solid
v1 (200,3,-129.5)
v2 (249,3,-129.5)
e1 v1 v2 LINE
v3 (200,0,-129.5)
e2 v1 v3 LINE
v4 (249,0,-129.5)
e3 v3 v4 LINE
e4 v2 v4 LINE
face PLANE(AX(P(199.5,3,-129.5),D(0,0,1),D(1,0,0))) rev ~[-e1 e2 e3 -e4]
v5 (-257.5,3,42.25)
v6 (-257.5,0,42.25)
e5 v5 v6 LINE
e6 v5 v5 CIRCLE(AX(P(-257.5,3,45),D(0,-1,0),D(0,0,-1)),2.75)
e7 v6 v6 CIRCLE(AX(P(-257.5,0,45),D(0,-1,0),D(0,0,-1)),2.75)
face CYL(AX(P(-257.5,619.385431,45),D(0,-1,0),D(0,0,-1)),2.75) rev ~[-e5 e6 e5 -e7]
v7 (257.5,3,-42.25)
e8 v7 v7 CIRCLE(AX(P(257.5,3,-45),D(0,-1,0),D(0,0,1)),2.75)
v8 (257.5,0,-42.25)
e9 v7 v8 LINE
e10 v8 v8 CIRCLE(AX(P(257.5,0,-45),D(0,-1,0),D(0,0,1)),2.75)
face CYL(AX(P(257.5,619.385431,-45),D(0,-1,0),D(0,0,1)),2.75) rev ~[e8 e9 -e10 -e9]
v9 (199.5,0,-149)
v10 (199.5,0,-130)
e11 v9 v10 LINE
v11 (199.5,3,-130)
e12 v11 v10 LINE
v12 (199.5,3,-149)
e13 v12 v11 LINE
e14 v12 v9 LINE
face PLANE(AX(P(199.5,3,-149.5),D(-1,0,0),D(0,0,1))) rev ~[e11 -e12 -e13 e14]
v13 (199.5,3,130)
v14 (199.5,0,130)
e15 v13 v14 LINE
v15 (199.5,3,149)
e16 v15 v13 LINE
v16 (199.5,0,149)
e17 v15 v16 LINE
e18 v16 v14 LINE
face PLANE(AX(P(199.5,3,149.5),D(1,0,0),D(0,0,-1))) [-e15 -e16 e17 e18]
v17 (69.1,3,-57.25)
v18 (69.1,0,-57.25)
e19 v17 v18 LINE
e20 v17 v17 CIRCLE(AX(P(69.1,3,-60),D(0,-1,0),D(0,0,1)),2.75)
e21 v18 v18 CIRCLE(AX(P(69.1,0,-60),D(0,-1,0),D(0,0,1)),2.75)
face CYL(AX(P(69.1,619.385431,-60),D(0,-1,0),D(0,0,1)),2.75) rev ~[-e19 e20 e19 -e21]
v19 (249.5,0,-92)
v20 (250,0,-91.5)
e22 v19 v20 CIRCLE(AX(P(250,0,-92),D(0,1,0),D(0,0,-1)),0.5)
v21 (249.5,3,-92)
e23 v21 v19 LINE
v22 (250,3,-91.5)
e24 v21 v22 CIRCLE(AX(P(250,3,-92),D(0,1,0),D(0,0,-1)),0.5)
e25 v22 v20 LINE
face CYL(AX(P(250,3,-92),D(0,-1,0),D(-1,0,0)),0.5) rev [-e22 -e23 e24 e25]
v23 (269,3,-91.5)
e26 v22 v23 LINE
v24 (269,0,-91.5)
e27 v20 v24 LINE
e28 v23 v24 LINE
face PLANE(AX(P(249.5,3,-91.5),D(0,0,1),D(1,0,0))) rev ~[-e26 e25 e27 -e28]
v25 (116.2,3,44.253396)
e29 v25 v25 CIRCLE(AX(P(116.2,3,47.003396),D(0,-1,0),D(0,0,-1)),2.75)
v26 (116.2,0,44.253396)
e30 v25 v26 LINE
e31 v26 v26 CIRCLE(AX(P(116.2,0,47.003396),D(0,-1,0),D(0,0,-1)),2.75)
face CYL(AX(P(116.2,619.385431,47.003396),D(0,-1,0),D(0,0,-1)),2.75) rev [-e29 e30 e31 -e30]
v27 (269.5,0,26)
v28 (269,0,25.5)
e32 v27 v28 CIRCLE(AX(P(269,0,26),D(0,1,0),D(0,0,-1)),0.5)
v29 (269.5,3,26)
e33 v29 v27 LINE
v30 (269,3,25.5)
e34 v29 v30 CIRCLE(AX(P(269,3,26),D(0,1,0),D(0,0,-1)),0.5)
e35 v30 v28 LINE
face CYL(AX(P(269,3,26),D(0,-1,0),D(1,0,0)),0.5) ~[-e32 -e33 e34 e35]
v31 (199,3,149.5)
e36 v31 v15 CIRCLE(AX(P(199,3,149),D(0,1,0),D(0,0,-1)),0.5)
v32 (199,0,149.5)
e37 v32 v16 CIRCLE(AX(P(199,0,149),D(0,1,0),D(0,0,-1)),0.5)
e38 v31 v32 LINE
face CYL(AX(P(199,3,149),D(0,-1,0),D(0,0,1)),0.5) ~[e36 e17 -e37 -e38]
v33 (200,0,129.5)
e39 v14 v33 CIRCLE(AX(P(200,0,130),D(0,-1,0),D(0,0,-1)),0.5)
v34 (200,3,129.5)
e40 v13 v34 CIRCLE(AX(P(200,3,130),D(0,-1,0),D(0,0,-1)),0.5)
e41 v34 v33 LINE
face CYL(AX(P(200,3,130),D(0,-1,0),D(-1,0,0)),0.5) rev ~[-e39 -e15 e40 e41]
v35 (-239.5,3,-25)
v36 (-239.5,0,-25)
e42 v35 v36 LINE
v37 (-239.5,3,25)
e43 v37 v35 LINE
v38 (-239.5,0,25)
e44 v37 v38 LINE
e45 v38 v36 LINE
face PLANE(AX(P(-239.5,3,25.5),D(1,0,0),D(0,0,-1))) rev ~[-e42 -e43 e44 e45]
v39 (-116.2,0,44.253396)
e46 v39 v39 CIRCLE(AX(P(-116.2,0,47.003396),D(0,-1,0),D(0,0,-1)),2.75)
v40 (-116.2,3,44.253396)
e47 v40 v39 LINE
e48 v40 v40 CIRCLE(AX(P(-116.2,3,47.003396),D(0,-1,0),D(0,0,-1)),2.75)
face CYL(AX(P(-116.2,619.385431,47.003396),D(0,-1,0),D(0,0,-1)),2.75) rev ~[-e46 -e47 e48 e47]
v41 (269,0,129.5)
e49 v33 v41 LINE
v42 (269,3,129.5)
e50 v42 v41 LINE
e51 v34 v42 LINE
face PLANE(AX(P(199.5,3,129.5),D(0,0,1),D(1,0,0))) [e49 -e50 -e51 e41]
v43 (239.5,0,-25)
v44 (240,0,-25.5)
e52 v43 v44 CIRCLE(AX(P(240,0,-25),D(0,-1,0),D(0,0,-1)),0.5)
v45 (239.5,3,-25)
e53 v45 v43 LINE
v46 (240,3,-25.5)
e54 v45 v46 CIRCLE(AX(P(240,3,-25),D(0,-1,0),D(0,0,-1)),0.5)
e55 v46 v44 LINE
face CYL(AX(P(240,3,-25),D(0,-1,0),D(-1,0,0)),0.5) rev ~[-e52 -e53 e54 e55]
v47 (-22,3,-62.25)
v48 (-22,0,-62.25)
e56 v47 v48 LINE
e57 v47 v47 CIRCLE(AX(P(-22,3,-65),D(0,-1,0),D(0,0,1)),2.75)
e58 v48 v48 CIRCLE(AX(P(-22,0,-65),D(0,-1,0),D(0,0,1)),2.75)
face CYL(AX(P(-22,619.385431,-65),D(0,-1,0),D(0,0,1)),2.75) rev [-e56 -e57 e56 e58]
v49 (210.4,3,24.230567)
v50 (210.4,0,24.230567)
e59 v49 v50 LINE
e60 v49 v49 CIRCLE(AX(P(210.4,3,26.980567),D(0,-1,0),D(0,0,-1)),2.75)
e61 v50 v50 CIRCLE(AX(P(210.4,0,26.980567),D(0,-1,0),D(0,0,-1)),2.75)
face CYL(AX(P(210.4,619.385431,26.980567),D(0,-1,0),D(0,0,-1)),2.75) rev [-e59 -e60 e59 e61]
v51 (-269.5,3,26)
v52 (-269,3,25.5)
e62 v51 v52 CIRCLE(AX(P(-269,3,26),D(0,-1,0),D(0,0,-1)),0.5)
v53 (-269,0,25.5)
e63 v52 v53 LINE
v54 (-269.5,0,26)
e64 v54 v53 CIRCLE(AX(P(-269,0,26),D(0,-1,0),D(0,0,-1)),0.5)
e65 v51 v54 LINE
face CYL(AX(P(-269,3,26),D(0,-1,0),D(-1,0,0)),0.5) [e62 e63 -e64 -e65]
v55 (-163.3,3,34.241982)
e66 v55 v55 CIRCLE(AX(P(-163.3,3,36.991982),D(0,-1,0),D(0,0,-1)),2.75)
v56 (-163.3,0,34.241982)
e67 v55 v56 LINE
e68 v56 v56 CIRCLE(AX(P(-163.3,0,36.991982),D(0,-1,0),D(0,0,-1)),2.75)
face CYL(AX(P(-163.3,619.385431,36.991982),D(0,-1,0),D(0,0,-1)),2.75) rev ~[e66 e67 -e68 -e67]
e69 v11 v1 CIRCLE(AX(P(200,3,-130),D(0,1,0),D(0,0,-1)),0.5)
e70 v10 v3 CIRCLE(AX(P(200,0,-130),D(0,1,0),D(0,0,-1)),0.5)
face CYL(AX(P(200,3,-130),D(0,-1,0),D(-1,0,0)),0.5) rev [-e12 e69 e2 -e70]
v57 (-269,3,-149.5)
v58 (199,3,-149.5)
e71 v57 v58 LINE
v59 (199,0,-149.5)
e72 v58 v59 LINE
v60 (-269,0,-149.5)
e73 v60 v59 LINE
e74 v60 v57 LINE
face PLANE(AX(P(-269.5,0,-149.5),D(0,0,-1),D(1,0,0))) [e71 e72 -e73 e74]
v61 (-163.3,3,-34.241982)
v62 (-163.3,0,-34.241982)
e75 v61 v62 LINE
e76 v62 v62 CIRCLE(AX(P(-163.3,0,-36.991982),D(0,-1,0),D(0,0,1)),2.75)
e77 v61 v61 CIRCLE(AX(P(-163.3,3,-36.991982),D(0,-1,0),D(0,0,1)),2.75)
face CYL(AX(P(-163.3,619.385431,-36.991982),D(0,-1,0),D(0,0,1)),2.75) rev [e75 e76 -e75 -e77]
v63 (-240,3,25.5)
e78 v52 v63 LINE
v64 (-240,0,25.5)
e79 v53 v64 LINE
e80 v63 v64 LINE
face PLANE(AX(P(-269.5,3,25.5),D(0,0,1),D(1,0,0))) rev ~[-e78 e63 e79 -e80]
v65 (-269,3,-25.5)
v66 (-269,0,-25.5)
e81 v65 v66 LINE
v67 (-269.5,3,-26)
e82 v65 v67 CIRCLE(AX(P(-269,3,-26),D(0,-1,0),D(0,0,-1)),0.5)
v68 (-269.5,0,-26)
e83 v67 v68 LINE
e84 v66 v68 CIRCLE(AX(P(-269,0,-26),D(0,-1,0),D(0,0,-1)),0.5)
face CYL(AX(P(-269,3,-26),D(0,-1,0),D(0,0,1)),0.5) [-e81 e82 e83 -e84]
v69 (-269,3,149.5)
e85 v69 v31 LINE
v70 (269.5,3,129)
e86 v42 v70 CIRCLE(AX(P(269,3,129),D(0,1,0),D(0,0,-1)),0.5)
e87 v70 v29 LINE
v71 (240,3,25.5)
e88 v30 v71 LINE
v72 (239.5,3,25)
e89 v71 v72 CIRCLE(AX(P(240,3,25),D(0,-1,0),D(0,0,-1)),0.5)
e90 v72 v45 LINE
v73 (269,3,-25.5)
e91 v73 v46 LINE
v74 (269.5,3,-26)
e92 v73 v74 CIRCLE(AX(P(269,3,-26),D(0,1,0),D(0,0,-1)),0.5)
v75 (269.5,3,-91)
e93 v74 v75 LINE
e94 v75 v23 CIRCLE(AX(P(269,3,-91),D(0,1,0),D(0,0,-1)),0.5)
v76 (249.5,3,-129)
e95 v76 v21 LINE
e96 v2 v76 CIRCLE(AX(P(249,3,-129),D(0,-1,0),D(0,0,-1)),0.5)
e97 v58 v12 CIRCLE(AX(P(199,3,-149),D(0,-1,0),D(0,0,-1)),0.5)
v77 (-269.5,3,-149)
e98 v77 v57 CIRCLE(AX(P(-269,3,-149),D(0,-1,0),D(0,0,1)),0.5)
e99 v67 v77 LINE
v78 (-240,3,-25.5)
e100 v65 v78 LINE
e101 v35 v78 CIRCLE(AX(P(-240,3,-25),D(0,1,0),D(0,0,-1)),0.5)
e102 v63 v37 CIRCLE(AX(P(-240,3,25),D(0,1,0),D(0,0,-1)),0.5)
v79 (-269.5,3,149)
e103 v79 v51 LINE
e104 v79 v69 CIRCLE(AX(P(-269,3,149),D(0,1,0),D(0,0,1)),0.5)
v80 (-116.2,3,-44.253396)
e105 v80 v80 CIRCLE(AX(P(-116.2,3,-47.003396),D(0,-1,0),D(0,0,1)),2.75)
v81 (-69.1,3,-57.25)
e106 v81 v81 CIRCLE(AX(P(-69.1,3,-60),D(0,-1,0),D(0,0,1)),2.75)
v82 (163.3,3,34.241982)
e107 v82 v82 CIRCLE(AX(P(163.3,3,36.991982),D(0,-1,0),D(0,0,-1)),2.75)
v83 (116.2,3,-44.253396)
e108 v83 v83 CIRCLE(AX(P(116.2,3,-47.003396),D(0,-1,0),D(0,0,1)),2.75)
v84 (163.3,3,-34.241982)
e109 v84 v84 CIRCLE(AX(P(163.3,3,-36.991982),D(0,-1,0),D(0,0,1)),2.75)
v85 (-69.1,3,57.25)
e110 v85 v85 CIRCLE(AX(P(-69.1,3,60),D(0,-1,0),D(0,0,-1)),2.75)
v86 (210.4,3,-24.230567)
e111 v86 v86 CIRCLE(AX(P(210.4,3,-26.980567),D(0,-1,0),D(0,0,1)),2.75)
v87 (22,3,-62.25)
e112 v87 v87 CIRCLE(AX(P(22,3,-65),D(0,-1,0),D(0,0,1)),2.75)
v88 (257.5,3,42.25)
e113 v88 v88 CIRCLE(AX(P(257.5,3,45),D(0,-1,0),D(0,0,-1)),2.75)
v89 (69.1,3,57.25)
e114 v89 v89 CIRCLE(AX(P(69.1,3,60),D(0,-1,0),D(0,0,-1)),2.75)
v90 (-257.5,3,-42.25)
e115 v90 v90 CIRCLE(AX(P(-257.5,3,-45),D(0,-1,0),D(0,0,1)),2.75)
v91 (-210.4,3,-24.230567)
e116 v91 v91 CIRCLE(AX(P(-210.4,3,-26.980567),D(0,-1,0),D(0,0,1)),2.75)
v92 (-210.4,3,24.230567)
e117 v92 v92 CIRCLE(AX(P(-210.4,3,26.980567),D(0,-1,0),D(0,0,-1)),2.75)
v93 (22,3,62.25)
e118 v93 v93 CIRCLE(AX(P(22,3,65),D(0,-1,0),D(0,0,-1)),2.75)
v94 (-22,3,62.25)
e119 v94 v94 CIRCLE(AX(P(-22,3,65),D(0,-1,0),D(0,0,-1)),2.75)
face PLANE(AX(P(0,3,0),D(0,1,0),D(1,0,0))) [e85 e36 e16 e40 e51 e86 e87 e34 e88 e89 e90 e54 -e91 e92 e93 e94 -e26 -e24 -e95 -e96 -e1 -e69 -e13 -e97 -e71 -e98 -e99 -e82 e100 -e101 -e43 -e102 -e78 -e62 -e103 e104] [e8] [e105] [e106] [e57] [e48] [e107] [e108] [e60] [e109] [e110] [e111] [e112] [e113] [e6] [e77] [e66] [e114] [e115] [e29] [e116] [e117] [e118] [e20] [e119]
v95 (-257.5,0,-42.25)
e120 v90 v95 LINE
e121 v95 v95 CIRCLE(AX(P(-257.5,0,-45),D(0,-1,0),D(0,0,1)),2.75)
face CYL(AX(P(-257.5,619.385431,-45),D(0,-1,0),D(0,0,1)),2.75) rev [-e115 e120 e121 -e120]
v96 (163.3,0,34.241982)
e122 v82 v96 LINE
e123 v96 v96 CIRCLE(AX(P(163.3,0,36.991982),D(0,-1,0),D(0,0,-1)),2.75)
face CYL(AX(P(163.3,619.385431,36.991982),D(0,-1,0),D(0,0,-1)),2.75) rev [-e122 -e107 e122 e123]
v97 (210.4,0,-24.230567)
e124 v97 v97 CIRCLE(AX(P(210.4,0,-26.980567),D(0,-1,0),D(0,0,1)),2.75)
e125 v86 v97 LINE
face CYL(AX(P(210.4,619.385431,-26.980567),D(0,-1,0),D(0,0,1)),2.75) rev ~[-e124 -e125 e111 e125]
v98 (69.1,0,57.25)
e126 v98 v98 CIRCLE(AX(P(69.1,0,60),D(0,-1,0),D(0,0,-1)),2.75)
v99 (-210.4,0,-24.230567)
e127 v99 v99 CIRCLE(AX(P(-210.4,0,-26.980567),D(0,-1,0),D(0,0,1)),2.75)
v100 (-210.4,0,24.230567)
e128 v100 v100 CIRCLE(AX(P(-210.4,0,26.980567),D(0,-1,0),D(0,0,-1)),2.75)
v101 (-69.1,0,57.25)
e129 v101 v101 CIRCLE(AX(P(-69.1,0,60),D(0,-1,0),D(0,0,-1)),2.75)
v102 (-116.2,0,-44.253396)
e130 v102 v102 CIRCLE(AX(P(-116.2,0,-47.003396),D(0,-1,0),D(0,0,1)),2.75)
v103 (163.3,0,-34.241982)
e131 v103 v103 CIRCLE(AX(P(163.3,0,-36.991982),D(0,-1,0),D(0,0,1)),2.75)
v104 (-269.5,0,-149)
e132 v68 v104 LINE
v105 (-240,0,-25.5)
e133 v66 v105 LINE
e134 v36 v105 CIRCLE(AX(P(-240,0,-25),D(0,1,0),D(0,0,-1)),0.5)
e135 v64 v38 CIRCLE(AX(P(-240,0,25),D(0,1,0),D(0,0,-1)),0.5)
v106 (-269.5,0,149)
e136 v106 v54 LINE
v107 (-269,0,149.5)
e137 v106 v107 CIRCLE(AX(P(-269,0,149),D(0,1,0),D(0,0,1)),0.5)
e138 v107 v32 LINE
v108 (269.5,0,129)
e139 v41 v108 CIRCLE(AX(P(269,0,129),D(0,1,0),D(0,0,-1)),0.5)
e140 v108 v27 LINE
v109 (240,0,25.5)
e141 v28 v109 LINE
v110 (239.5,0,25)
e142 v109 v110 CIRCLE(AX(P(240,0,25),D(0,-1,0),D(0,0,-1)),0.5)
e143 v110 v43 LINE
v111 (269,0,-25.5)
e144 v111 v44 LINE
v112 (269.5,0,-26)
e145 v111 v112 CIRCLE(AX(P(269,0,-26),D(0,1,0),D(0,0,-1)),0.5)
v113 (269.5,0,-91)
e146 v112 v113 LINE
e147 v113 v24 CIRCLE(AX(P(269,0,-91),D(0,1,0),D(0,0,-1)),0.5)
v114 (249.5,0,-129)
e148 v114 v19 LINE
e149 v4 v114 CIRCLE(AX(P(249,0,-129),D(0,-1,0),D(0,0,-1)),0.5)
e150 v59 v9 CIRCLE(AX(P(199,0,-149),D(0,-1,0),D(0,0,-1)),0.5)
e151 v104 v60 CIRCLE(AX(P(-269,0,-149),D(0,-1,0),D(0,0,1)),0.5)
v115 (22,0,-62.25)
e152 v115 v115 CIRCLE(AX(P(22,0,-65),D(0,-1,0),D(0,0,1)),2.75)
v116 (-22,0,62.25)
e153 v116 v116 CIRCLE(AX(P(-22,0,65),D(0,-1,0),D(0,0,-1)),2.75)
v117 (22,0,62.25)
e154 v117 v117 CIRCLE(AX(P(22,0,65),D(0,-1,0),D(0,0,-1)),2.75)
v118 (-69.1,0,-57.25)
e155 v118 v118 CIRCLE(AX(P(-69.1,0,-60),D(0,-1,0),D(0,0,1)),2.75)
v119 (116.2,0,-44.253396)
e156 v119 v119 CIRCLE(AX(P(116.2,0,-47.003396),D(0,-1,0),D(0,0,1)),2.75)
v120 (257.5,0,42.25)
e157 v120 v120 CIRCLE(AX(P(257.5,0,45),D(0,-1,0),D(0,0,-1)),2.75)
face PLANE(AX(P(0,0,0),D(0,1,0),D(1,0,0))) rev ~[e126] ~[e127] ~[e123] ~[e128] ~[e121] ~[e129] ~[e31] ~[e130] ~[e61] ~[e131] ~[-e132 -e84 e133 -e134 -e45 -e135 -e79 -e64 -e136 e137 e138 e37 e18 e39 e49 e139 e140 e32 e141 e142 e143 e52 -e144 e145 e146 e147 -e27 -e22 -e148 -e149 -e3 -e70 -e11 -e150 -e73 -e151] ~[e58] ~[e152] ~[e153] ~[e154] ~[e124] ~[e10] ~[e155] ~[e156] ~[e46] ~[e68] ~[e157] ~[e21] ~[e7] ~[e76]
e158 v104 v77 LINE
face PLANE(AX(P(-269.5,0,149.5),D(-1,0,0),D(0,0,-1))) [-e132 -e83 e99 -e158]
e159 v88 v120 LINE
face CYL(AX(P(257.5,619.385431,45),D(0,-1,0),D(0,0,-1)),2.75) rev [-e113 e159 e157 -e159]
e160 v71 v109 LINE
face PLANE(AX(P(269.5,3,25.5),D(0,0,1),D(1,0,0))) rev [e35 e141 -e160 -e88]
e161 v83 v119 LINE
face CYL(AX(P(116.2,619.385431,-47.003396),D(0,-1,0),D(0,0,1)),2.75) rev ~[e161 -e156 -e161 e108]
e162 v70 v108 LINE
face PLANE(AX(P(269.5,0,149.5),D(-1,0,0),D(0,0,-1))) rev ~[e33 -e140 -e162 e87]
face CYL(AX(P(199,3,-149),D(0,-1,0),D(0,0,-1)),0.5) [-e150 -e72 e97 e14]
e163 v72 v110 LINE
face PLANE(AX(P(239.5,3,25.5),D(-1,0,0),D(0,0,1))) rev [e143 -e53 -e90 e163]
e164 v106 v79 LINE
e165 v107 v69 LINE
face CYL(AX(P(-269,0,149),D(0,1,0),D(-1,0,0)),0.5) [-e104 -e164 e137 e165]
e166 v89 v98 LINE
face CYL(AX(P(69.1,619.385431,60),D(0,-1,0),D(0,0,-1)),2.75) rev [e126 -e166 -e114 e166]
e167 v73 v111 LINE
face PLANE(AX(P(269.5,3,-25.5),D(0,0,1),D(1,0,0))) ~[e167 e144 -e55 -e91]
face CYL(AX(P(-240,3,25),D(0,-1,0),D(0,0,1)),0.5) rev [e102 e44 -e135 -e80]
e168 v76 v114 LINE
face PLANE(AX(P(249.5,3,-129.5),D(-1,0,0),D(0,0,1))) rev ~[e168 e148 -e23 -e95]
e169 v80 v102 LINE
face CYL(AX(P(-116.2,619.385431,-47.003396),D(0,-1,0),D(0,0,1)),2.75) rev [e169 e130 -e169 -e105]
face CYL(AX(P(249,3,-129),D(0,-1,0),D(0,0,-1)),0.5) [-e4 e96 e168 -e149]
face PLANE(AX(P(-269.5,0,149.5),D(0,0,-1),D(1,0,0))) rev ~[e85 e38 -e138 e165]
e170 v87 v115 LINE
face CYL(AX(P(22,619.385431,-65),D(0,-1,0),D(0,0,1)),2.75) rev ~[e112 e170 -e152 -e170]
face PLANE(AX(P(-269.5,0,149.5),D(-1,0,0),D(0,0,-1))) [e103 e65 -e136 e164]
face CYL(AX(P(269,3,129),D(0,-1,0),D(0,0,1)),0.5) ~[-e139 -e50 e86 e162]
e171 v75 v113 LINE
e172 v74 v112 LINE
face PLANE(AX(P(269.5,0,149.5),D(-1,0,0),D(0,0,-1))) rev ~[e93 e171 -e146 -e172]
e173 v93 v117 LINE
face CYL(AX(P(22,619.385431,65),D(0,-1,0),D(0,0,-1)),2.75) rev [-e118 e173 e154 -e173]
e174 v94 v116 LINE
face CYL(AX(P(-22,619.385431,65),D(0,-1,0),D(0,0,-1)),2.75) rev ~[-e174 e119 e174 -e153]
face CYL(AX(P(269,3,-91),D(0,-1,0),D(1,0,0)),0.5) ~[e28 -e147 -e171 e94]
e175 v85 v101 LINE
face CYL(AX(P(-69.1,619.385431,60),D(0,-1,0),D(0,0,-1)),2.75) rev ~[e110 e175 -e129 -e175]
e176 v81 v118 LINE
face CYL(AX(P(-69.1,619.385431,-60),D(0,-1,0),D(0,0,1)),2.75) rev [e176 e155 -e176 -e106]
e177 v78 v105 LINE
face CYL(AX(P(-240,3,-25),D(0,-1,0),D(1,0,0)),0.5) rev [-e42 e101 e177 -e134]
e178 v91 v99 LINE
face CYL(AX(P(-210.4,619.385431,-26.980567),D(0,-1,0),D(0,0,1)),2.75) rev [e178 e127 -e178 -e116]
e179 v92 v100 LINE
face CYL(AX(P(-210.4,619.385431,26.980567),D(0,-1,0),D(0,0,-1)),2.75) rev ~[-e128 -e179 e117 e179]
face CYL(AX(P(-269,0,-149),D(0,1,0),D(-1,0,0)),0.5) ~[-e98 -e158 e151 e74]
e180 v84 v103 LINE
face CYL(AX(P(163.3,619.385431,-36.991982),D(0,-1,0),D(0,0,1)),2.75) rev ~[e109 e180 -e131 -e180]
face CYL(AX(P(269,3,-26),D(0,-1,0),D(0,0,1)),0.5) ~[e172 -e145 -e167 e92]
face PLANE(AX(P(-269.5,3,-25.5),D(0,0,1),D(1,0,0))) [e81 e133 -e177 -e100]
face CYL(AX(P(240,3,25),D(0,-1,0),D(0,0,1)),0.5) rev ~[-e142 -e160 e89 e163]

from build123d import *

# Parameters (mm, degrees)
SKETCH1_W                  = 539
SKETCH1_H                  = 299
BOSS_EXTRUDE1_DEPTH        = 3
SKETCH5_W                  = 70
SKETCH5_H                  = 20
CUT_EXTRUDE2_DEPTH         = 309.203666429
SKETCH2_W                  = 30
SKETCH2_H                  = 51
CUT_EXTRUDE1_DEPTH         = 309.203666429
F_5_5_5_5_DIAMETER_HOLE1_D = 5.5
MIRROR3_COPY_1_D           = 5.5
FILLET1_R                  = 0.5


with BuildPart() as part:
    # Sketch1 → Boss-Extrude1 (new body)
    with BuildSketch(Plane(origin=(0, 0, 0), x_dir=(1, 0, 0), z_dir=(0, 1, 0))):
        Rectangle(SKETCH1_W, SKETCH1_H)
    extrude(amount=BOSS_EXTRUDE1_DEPTH)

    # Sketch5 → Cut-Extrude2 (cut, through all)
    with BuildSketch(Plane(origin=(0, 3, 0), x_dir=(1, 0, 0), z_dir=(0, 1, 0))):
        Polygon((269.5, 149.5), (199.5, 149.5), (199.5, 129.5), (249.5, 129.5), (249.5, 91.5), (269.5, 91.5), align=None)
        with Locations((234.5, -139.5)):
            Rectangle(SKETCH5_W, SKETCH5_H)
    extrude(amount=-CUT_EXTRUDE2_DEPTH, mode=Mode.SUBTRACT)

    # Sketch2 → Cut-Extrude1 (cut, through all)
    with BuildSketch(Plane(origin=(0, 3, 0), x_dir=(1, 0, 0), z_dir=(0, 1, 0))):
        with Locations((-254.5, 0)):
            Rectangle(SKETCH2_W, SKETCH2_H)
    cut_extrude1 = extrude(amount=-CUT_EXTRUDE1_DEPTH, mode=Mode.SUBTRACT)

    # Mirror1: Cut-Extrude1 across plane
    add(cut_extrude1.mirror(Plane(origin=(0, 0, 0), x_dir=(0, 0, 1), z_dir=(1, 0, 0))), mode=Mode.SUBTRACT)

    # Ø5.5 (5.5) Diameter Hole1 (through all)
    with Locations(Plane(origin=(-257.5, 3, 45), x_dir=(0, 0, 1), z_dir=(0, 1, 0))):
        with Locations((0, 0), (-18.019432511, 47.1), (-8.008018456, 94.2), (2.003395598, 141.3), (15, 188.4), (20, 235.5)):
            f_5_5_5_5_diameter_hole1 = Hole(F_5_5_5_5_DIAMETER_HOLE1_D / 2)

    # Mirror2: Ø5.5 (5.5) Diameter Hole1 across plane
    add(f_5_5_5_5_diameter_hole1.mirror(Plane(origin=(0, 0, 0), x_dir=(0, 0, 1), z_dir=(1, 0, 0))), mode=Mode.SUBTRACT)

    # Mirror3: Ø5.5 (5.5) Diameter Hole1 across plane
    add(f_5_5_5_5_diameter_hole1.mirror(Plane.XY), mode=Mode.SUBTRACT)

    # Mirror3 copy 1 (through all)
    with Locations(Plane(origin=(257.5, 3, -45), x_dir=(0, 0, -1), z_dir=(0, 1, 0))):
        with Locations((0, 0), (-18.019432511, 47.1), (-8.008018456, 94.2), (2.003395598, 141.3), (15, 188.4), (20, 235.5)):
            Hole(MIRROR3_COPY_1_D / 2)

    # Fillet1
    fillet1_edges = [part.edges().sort_by_distance(p)[0] for p in [
        (269.5, 1.5, -91.5),
        (249.5, 1.5, -91.5),
        (249.5, 1.5, -129.5),
        (199.5, 1.5, -129.5),
        (199.5, 1.5, -149.5),
        (269.5, 1.5, 129.5),
        (199.5, 1.5, 149.5),
        (199.5, 1.5, 129.5),
        (-269.5, 1.5, 25.5),
        (-269.5, 1.5, -25.5),
        (-239.5, 1.5, -25.5),
        (-239.5, 1.5, 25.5),
        (269.5, 1.5, -25.5),
        (269.5, 1.5, 25.5),
        (239.5, 1.5, 25.5),
        (239.5, 1.5, -25.5),
        (-269.5, 1.5, -149.5),
        (-269.5, 1.5, 149.5),
    ]]
    fillet(fillet1_edges, radius=FILLET1_R)


solid = part.part
